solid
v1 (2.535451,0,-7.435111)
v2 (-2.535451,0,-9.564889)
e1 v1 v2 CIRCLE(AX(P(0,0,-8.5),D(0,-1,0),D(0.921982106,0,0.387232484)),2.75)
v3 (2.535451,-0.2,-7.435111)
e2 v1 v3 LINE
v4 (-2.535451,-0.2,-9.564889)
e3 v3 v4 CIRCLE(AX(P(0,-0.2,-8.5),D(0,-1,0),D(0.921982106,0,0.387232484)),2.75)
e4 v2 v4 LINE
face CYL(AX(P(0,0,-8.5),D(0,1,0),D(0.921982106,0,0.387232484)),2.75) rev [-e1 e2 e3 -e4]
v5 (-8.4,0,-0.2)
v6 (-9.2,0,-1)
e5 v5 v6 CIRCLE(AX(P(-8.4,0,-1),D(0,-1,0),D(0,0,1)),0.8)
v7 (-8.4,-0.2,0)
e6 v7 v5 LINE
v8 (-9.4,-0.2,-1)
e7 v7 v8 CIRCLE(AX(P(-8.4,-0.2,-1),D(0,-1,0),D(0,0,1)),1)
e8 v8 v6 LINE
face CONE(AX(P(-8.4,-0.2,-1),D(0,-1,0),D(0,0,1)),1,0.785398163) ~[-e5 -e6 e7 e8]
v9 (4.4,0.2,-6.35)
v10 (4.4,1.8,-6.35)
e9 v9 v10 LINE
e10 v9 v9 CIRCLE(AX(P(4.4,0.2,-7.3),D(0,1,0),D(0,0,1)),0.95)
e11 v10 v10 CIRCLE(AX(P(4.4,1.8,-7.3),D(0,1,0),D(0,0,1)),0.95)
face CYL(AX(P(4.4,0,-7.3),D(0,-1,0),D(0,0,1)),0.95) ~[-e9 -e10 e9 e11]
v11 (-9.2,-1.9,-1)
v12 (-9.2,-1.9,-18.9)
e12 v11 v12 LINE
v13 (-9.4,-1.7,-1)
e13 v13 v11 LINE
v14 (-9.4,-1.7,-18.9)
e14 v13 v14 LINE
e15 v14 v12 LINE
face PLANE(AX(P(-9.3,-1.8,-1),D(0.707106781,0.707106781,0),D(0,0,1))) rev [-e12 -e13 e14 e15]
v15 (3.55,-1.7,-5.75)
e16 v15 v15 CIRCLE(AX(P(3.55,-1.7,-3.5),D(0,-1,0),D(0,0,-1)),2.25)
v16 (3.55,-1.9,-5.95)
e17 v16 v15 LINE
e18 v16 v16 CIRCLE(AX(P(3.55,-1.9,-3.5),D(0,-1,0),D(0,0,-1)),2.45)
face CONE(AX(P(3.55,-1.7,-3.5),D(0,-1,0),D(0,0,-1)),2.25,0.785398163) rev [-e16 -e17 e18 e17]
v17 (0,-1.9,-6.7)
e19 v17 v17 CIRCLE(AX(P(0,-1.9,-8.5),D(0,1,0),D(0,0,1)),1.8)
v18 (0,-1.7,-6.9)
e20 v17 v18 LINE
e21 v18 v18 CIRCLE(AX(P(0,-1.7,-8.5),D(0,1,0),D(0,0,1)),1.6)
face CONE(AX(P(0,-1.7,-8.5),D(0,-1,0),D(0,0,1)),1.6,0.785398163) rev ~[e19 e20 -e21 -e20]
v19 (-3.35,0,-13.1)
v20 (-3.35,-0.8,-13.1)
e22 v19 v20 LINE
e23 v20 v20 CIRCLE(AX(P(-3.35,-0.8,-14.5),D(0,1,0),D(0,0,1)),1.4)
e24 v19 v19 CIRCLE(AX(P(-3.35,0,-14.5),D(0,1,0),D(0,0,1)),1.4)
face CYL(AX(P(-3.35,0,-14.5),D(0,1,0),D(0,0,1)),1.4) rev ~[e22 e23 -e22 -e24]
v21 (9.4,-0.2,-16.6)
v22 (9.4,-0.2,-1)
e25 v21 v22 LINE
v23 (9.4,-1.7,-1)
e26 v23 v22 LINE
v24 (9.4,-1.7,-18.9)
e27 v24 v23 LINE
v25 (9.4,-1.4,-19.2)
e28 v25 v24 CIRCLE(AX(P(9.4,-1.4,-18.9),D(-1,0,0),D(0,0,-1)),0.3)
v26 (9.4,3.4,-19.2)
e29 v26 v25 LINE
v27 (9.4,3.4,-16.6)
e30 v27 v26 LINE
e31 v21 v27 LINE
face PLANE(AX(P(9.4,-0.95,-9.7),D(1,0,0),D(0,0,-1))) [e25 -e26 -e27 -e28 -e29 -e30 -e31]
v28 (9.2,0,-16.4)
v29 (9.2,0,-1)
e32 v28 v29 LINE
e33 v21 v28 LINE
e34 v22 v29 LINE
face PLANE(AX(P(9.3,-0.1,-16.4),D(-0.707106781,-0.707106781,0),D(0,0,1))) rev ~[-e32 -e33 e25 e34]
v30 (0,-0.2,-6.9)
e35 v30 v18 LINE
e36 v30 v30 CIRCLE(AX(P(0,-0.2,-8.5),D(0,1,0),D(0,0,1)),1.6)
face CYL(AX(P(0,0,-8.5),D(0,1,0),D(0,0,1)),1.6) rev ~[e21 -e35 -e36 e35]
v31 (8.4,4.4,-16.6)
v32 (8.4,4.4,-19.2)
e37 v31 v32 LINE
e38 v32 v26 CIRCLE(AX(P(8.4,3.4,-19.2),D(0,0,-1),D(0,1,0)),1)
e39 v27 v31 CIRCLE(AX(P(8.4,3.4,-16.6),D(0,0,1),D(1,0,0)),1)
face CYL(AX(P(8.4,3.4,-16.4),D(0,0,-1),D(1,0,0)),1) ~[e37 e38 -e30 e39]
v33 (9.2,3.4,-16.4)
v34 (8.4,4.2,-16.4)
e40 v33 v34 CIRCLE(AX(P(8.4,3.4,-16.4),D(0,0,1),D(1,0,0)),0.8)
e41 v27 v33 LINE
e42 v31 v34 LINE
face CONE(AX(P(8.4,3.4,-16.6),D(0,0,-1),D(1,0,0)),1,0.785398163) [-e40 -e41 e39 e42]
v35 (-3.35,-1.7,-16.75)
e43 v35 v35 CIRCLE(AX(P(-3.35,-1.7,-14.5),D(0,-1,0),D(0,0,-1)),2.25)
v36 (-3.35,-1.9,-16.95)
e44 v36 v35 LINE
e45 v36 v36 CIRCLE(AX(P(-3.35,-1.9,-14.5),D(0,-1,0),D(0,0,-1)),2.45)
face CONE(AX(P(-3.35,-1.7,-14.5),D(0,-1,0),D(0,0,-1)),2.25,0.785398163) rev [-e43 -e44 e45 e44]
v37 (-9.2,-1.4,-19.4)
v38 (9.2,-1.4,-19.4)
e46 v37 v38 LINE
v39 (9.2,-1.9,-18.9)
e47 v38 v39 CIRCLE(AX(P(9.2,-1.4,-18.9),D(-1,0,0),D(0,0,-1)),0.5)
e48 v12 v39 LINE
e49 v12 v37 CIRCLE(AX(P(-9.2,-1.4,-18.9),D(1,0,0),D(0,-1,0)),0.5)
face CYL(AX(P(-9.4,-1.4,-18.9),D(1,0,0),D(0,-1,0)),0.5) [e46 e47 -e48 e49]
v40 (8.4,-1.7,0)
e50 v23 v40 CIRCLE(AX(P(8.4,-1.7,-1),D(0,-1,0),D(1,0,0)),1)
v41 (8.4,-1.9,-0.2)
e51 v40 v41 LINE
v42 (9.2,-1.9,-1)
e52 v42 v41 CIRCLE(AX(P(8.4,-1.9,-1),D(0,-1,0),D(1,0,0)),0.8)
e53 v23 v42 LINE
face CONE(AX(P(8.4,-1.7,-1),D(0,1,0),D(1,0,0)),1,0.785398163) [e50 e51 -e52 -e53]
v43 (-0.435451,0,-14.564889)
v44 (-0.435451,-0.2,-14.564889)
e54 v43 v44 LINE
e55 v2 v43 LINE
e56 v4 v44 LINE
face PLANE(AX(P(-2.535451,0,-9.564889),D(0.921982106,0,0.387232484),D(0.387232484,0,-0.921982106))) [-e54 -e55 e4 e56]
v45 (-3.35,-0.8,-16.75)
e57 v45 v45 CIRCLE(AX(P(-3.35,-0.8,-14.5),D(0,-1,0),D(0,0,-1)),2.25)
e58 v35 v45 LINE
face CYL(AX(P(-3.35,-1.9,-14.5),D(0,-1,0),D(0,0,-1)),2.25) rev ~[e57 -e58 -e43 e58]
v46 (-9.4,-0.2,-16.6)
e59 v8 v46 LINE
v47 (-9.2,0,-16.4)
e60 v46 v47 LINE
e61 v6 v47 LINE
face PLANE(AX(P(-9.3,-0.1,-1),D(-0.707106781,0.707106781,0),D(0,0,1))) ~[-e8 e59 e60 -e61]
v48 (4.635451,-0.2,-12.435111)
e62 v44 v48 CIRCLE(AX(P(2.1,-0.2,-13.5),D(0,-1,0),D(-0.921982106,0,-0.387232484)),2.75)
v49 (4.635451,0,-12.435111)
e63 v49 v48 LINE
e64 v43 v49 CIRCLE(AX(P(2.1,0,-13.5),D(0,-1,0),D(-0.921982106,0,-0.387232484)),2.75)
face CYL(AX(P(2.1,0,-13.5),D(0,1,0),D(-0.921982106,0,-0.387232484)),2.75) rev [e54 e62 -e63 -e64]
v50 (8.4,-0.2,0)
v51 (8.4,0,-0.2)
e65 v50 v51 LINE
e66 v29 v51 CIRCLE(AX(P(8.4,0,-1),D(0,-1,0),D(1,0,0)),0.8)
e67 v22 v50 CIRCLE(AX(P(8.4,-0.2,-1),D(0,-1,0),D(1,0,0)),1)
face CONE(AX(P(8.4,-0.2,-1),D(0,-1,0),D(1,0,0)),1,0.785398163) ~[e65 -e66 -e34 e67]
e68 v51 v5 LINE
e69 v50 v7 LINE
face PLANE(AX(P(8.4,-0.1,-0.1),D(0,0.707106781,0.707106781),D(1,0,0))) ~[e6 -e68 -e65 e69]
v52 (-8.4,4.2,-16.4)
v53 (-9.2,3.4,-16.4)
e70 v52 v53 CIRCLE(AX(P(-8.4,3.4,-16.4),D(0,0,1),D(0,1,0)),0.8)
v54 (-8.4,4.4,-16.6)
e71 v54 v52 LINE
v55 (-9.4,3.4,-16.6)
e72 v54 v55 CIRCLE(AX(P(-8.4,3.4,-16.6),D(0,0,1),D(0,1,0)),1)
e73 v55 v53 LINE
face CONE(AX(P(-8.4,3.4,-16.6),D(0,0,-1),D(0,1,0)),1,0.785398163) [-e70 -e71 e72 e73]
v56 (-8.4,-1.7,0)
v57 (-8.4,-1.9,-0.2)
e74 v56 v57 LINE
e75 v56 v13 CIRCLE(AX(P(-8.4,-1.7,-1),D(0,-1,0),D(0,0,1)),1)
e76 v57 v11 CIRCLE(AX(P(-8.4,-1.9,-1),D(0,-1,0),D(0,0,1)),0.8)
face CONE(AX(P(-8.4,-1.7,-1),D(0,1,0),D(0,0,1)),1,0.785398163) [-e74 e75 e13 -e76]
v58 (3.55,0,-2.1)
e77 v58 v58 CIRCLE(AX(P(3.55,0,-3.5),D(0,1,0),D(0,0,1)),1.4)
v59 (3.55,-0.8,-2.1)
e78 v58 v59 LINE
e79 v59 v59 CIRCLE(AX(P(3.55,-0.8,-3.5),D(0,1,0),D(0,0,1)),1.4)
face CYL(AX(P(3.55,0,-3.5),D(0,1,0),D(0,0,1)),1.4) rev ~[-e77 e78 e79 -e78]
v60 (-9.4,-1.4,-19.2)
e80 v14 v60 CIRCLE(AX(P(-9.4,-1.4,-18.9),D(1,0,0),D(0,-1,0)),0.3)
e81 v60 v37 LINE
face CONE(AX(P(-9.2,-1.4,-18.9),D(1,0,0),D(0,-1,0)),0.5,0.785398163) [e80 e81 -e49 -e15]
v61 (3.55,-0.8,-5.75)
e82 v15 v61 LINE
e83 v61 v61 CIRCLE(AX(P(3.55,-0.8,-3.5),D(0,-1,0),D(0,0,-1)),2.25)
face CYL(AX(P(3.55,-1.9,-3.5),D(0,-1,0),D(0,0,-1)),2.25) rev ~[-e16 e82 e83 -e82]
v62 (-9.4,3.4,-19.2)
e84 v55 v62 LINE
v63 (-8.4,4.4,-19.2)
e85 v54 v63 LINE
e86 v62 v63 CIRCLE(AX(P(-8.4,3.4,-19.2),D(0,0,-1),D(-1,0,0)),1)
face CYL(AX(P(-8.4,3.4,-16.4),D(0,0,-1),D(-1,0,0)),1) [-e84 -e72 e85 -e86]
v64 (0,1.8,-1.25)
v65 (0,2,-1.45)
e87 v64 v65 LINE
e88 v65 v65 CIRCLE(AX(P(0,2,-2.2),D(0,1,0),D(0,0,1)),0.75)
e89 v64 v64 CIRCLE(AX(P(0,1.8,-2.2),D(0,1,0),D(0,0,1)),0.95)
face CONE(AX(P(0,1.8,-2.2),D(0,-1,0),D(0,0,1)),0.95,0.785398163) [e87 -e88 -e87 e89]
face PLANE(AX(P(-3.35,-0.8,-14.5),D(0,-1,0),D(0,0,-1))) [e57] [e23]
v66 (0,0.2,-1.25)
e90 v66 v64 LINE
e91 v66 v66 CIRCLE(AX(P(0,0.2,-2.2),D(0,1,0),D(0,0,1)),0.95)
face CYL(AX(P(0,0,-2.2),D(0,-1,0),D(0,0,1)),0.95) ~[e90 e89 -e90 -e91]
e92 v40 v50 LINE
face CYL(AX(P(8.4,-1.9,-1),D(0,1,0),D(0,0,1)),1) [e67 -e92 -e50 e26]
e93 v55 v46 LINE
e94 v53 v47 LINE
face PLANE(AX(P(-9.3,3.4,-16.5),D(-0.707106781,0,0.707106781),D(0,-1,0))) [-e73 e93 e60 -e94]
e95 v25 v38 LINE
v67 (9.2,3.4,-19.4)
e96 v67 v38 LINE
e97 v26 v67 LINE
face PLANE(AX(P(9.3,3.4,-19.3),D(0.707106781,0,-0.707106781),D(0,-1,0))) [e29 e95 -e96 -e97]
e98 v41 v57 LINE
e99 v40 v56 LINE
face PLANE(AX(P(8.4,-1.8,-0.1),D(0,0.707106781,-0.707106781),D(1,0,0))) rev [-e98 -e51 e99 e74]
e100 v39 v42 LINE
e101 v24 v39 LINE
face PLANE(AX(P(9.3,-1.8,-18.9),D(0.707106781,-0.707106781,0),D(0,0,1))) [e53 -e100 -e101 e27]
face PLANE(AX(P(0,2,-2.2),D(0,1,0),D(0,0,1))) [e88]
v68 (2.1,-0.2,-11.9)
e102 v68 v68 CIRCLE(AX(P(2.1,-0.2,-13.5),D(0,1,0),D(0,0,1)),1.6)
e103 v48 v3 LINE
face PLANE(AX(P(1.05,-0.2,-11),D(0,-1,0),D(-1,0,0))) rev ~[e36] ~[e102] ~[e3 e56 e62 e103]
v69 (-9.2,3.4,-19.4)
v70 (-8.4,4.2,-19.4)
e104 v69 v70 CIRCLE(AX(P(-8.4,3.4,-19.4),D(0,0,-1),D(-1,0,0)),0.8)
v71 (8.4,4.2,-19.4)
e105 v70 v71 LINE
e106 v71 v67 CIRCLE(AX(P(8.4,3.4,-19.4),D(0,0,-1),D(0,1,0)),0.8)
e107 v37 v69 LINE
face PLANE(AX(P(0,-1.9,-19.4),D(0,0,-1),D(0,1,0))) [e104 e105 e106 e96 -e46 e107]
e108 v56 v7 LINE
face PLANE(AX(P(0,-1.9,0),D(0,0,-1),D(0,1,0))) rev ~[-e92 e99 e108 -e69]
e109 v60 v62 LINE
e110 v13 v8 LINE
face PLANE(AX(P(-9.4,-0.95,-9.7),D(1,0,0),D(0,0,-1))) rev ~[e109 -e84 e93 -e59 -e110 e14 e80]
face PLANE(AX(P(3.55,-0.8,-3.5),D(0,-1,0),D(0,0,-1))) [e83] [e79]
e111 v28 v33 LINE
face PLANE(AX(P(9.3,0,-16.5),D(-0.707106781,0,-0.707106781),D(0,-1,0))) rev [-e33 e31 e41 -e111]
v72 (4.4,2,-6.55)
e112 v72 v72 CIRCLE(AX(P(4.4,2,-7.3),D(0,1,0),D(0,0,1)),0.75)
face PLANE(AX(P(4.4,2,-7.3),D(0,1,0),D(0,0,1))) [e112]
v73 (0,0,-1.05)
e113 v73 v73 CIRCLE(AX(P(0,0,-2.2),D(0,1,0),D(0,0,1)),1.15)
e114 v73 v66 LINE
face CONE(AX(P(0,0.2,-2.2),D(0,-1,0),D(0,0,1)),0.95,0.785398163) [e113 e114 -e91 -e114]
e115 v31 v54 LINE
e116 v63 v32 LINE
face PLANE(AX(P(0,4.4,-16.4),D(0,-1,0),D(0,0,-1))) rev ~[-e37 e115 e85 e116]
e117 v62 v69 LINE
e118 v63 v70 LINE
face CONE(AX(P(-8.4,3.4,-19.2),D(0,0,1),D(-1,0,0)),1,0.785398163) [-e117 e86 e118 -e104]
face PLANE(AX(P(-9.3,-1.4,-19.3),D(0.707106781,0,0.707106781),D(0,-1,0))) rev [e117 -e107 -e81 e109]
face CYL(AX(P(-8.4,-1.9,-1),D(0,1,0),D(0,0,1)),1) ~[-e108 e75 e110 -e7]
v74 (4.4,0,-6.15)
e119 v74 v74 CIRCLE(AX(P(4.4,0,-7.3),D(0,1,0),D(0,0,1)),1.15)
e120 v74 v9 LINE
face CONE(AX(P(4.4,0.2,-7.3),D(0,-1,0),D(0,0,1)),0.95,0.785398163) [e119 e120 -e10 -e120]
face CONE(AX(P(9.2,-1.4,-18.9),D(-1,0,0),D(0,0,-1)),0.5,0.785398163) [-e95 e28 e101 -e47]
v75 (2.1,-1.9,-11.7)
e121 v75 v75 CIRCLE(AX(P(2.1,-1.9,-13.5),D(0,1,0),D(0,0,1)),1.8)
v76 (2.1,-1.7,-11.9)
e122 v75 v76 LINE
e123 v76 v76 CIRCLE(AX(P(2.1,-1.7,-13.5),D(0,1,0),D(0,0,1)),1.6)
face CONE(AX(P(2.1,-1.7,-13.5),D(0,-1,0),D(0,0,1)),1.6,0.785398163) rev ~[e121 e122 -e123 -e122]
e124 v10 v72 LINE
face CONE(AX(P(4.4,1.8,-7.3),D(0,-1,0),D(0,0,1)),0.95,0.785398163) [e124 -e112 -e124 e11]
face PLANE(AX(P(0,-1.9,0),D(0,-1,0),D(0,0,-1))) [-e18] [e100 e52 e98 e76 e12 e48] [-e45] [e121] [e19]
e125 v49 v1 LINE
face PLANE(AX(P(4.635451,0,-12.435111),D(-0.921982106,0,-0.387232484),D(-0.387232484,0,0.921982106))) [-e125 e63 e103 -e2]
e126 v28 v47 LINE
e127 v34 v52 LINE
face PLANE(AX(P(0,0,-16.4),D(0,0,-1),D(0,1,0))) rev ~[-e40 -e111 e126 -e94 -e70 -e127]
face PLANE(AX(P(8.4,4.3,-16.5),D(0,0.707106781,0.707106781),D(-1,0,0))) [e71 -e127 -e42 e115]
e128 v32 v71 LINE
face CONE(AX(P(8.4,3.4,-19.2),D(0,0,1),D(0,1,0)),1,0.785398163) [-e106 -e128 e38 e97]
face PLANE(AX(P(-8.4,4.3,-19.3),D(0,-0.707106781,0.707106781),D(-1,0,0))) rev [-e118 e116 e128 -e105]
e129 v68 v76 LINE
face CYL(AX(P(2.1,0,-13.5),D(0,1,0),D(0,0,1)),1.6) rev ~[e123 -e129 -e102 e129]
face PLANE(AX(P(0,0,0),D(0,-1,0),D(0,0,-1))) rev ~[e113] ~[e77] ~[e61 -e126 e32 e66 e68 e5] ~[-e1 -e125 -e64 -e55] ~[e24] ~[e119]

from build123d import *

# Parameters (mm, degrees)
SKETCH1_W           = 19.4
SKETCH1_H           = 1.9
SKETCH1_W_2         = 3
SKETCH1_H_2         = 4.4
BOSS_EXTRUDE1_DEPTH = 9.4
SKETCH2_R           = 1.6
SKETCH2_R_2         = 1.4
CUT_EXTRUDE1_DEPTH  = 23.001818107
CUT_EXTRUDE2_DEPTH  = 0.2
SKETCH4_R           = 2.25
CUT_EXTRUDE3_DEPTH  = 1.1
FILLET1_R           = 1
SKETCH5_R           = 0.95
BOSS_EXTRUDE2_DEPTH = 2
FILLET4_R           = 0.5
CHAMFER1_SIZE       = 0.2


with BuildPart() as part:
    # Sketch1 → Boss-Extrude1 (new, symmetric)
    with BuildSketch(Plane(origin=(0, 0, 0), x_dir=(0, 0, -1), z_dir=(1, 0, 0))):
        with Locations((9.7, -0.95)):
            Rectangle(SKETCH1_W, SKETCH1_H)
        with Locations((17.9, 2.2)):
            Rectangle(SKETCH1_W_2, SKETCH1_H_2)
    extrude(amount=BOSS_EXTRUDE1_DEPTH, both=True)

    # Sketch2 → Cut-Extrude1 (cut, through all)
    with BuildSketch(Plane(origin=(0, 0, 0), x_dir=(1, 0, 0), z_dir=(0, 1, 0))):
        with Locations(Location((0, 8.5, 0), (0, 0, 270))):
            Circle(SKETCH2_R)
        with Locations(Location((2.1, 13.5, 0), (0, 0, 270))):
            Circle(SKETCH2_R)
        with Locations(Location((3.55, 3.5, 0), (0, 0, 270))):
            Circle(SKETCH2_R_2)
        with Locations(Location((-3.35, 14.5, 0), (0, 0, 270))):
            Circle(SKETCH2_R_2)
    extrude(amount=-CUT_EXTRUDE1_DEPTH, mode=Mode.SUBTRACT)

    # Sketch3 → Cut-Extrude2 (cut)
    with BuildSketch(Plane(origin=(0, 0, 0), x_dir=(1, 0, 0), z_dir=(0, 1, 0))):
        with BuildLine():
            Line((-2.53545079, 9.564889332), (-0.43545079, 14.564889332))
            ThreePointArc((-0.43545079, 14.564889332), (3.164889332, 16.03545079), (4.63545079, 12.435110668))
            Line((4.63545079, 12.435110668), (2.53545079, 7.435110668))
            ThreePointArc((2.53545079, 7.435110668), (-1.064889332, 5.96454921), (-2.53545079, 9.564889332))
        make_face()
    extrude(amount=-CUT_EXTRUDE2_DEPTH, mode=Mode.SUBTRACT)

    # Sketch4 → Cut-Extrude3 (cut)
    with BuildSketch(Plane.XZ.offset(1.9)):
        with Locations(Location((-3.35, -14.5, 0), (0, 0, 270))):
            Circle(SKETCH4_R)
        with Locations(Location((3.55, -3.5, 0), (0, 0, 270))):
            Circle(SKETCH4_R)
    extrude(amount=-CUT_EXTRUDE3_DEPTH, mode=Mode.SUBTRACT)

    # Fillet1
    fillet1_edges = [part.edges().sort_by_distance(p)[0] for p in [
        (9.4, 4.4, -17.9),
        (9.4, -0.95, 0),
        (-9.4, -0.95, 0),
        (-9.4, 4.4, -17.9),
    ]]
    fillet(fillet1_edges, radius=FILLET1_R)

    # Sketch5 → Boss-Extrude2 (add)
    with BuildSketch(Plane(origin=(0, 0, 0), x_dir=(1, 0, 0), z_dir=(0, 1, 0))):
        with Locations(Location((0, 2.2, 0), (0, 0, 270))):
            Circle(SKETCH5_R)
        with Locations(Location((4.4, 7.3, 0), (0, 0, 270))):
            Circle(SKETCH5_R)
    extrude(amount=BOSS_EXTRUDE2_DEPTH)

    # Fillet4
    fillet4_edges = [part.edges().sort_by_distance(p)[0] for p in [
        (0, -1.9, -19.4),
    ]]
    fillet(fillet4_edges, radius=FILLET4_R)

    # Chamfer1
    chamfer1_edges = [part.edges().sort_by_distance(p)[0] for p in [
        (4.4, 0, -8.25),
        (4.4, 2, -8.25),
        (-9.4, -1.753553391, -19.253553391),
        (9.4, -1.753553391, -19.253553391),
        (9.4, 1.7, -16.4),
        (2.1, -1.9, -15.1),
        (0, -1.9, -10.1),
        (-3.35, -1.9, -12.25),
        (3.55, -1.9, -1.25),
        (0, 4.4, -16.4),
        (0, 4.4, -19.4),
        (9.107106781, 4.107106781, -16.4),
        (-9.107106781, 4.107106781, -16.4),
        (-9.4, 1, -19.4),
        (-9.4, -1.9, -9.95),
        (-9.4, 0, -8.7),
        (9.4, 1, -19.4),
        (9.107106781, 4.107106781, -19.4),
        (-9.107106781, 4.107106781, -19.4),
        (9.4, 0, -8.7),
        (9.4, -1.9, -9.95),
        (0, -1.9, 0),
        (0, 0, 0),
        (9.107106781, -1.9, -0.292893219),
        (-9.107106781, -1.9, -0.292893219),
        (9.107106781, 0, -0.292893219),
        (-9.107106781, 0, -0.292893219),
        (-9.4, 1.7, -16.4),
        (0, 0, -3.15),
        (0, 2, -3.15),
    ]]
    chamfer(chamfer1_edges, length=CHAMFER1_SIZE)


solid = part.part
